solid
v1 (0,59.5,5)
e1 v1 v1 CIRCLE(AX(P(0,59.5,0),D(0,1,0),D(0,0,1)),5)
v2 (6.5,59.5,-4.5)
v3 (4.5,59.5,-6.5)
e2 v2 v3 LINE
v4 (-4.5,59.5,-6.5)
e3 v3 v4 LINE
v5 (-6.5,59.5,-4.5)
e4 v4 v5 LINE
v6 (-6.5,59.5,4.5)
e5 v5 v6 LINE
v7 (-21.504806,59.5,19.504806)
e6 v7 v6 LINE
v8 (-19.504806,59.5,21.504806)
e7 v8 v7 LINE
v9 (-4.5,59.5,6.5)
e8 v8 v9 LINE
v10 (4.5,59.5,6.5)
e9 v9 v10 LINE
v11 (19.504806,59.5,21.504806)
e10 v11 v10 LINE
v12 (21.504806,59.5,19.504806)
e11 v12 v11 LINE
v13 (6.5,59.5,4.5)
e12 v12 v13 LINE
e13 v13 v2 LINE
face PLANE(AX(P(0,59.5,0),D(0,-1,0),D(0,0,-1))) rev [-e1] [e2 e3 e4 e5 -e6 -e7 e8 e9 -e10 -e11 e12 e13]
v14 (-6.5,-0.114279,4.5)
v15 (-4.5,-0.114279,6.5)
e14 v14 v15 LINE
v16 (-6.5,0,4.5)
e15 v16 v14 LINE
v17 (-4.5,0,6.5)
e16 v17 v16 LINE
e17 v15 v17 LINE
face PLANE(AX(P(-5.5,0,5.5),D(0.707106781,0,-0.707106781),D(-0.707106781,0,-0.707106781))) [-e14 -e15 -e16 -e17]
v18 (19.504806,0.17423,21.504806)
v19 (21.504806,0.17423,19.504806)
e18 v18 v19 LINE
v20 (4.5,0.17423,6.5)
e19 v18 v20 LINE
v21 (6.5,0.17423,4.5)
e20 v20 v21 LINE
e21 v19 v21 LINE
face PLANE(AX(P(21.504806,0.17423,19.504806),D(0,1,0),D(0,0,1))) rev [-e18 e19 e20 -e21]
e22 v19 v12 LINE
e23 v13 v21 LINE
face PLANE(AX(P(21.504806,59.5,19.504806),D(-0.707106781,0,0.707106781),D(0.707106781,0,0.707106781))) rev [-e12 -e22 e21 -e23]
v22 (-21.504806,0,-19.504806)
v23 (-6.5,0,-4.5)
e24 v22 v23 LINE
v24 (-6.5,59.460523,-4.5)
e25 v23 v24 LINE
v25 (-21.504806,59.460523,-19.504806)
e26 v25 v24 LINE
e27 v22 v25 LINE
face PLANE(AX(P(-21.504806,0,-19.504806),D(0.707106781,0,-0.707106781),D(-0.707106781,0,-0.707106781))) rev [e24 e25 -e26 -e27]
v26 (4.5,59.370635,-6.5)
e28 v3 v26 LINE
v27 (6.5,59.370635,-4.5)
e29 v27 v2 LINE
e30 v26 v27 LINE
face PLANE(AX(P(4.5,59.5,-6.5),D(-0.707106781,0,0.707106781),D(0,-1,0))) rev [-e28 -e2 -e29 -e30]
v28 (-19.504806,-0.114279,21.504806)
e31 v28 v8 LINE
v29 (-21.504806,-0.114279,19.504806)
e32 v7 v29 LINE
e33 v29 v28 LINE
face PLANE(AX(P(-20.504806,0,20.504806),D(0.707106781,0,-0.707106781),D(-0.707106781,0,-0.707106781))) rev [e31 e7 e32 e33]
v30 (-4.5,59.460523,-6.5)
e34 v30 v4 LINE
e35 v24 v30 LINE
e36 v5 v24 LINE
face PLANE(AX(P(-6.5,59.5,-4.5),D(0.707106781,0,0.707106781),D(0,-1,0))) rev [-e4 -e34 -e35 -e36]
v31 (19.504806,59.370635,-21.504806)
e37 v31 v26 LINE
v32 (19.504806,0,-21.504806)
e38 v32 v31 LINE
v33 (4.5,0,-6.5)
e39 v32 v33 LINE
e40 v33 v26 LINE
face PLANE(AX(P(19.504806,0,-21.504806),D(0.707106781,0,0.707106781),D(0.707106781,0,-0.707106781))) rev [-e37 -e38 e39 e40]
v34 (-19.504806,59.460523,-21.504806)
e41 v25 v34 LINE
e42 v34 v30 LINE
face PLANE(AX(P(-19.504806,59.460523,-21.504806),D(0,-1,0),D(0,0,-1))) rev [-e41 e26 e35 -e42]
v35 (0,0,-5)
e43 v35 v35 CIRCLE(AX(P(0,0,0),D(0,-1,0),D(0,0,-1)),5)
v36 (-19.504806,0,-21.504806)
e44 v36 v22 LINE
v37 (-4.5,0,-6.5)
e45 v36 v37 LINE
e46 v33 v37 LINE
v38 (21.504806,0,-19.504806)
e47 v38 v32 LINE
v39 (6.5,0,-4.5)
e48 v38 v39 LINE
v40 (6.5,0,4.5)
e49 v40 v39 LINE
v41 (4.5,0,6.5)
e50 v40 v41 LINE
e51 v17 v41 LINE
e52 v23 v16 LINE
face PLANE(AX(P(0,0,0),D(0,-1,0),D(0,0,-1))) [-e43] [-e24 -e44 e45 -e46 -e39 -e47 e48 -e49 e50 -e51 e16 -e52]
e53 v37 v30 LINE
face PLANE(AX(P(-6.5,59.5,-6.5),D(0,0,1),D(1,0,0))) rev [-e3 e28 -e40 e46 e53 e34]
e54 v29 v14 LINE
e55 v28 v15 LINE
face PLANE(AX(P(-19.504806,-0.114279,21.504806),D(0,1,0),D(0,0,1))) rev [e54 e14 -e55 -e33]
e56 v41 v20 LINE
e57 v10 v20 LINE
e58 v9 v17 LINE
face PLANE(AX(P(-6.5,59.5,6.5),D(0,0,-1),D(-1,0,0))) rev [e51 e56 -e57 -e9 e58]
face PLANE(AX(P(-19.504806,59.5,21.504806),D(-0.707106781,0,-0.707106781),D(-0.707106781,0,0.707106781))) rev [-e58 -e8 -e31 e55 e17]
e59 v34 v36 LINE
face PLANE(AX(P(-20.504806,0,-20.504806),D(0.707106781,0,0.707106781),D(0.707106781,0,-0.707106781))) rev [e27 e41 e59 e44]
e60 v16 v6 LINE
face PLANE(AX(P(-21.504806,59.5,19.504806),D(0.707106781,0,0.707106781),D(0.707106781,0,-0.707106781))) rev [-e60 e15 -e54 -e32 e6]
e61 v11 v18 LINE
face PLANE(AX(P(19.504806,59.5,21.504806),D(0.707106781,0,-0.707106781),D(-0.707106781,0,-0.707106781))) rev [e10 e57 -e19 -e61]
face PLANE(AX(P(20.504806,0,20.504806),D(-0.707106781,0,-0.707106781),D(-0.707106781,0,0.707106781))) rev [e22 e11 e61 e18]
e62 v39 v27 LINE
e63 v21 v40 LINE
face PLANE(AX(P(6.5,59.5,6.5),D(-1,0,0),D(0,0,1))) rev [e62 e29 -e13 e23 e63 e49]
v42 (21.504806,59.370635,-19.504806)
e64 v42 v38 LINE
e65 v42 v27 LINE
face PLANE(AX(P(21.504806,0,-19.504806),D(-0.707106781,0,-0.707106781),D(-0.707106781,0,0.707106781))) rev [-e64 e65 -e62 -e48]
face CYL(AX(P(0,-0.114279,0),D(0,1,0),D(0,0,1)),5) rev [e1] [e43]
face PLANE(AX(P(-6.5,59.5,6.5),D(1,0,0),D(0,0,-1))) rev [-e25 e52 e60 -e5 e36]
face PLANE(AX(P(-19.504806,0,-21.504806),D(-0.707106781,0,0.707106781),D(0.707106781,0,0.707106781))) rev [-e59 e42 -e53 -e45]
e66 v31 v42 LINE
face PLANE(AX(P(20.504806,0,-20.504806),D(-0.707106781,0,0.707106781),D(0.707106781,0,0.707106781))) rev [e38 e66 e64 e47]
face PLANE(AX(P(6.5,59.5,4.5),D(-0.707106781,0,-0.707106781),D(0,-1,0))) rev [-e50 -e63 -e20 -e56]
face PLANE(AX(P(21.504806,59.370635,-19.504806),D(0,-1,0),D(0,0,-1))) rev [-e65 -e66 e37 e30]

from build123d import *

# Parameters (mm, degrees)
SKETCH1_W           = 13
SKETCH1_H           = 13
BOSS_EXTRUDE1_DEPTH = 59.5
CHAMFER1_SIZE       = 2
SKETCH6_W           = 2.828427124
SKETCH6_H           = 59.370634799
BOSS_EXTRUDE3_DEPTH = 21.22
SKETCH5_W           = 2.828427124
SKETCH5_H           = 59.460523053
BOSS_EXTRUDE2_DEPTH = 21.22
SKETCH7_W           = 2.828427124
SKETCH7_H           = 59.614279407
BOSS_EXTRUDE4_DEPTH = 21.22
SKETCH8_W           = 2.828427124
SKETCH8_H           = 59.32576951
BOSS_EXTRUDE5_DEPTH = 21.22
SKETCH10_R          = 5
CUT_EXTRUDE2_DEPTH  = 67.923655478


with BuildPart() as part:
    # Sketch1 → Boss-Extrude1 (new body)
    with BuildSketch(Plane(origin=(0, 0, 0), x_dir=(1, 0, 0), z_dir=(0, 1, 0))):
        Rectangle(SKETCH1_W, SKETCH1_H)
    extrude(amount=BOSS_EXTRUDE1_DEPTH)

    # Chamfer1
    chamfer1_edges = [part.edges().sort_by_distance(p)[0] for p in [
        (6.5, 29.75, 6.5),
        (-6.5, 29.75, 6.5),
        (-6.5, 29.75, -6.5),
        (6.5, 29.75, -6.5),
    ]]
    chamfer(chamfer1_edges, length=CHAMFER1_SIZE)

    # Sketch6 → Boss-Extrude3 (add)
    with BuildSketch(Plane(origin=(5.5, 0, -5.5), x_dir=(-0.7071067811865465, 0, -0.7071067811865487), z_dir=(0.7071067811865487, 0, -0.7071067811865465))):
        with Locations((0, 29.6853174)):
            Rectangle(SKETCH6_W, SKETCH6_H)
    extrude(amount=BOSS_EXTRUDE3_DEPTH)

    # Sketch5 → Boss-Extrude2 (add)
    with BuildSketch(Plane(origin=(-5.5, 0, -5.5), x_dir=(-0.7071067811865487, 0, 0.7071067811865465), z_dir=(-0.7071067811865465, 0, -0.7071067811865487))):
        with Locations((0, 29.730261527)):
            Rectangle(SKETCH5_W, SKETCH5_H)
    extrude(amount=BOSS_EXTRUDE2_DEPTH)

    # Sketch7 → Boss-Extrude4 (add)
    with BuildSketch(Plane(origin=(-5.5, 0, 5.5), x_dir=(0.7071067811865465, 0, 0.7071067811865487), z_dir=(-0.7071067811865487, 0, 0.7071067811865465))):
        with Locations((0, 29.692860297)):
            Rectangle(SKETCH7_W, SKETCH7_H)
    extrude(amount=BOSS_EXTRUDE4_DEPTH)

    # Sketch8 → Boss-Extrude5 (add)
    with BuildSketch(Plane(origin=(5.5, 0, 5.5), x_dir=(0.7071067811865487, 0, -0.7071067811865465), z_dir=(0.7071067811865465, 0, 0.7071067811865487))):
        with Locations((0, 29.837115245)):
            Rectangle(SKETCH8_W, SKETCH8_H)
    extrude(amount=BOSS_EXTRUDE5_DEPTH)

    # Sketch10 → Cut-Extrude2 (cut, through all)
    with BuildSketch(Plane(origin=(0, 59.5, 0), x_dir=(1, 0, 0), z_dir=(0, 1, 0))):
        with Locations(Location((0, 0, 0), (0, 0, 270))):
            Circle(SKETCH10_R)
    extrude(amount=-CUT_EXTRUDE2_DEPTH, mode=Mode.SUBTRACT)


solid = part.part
